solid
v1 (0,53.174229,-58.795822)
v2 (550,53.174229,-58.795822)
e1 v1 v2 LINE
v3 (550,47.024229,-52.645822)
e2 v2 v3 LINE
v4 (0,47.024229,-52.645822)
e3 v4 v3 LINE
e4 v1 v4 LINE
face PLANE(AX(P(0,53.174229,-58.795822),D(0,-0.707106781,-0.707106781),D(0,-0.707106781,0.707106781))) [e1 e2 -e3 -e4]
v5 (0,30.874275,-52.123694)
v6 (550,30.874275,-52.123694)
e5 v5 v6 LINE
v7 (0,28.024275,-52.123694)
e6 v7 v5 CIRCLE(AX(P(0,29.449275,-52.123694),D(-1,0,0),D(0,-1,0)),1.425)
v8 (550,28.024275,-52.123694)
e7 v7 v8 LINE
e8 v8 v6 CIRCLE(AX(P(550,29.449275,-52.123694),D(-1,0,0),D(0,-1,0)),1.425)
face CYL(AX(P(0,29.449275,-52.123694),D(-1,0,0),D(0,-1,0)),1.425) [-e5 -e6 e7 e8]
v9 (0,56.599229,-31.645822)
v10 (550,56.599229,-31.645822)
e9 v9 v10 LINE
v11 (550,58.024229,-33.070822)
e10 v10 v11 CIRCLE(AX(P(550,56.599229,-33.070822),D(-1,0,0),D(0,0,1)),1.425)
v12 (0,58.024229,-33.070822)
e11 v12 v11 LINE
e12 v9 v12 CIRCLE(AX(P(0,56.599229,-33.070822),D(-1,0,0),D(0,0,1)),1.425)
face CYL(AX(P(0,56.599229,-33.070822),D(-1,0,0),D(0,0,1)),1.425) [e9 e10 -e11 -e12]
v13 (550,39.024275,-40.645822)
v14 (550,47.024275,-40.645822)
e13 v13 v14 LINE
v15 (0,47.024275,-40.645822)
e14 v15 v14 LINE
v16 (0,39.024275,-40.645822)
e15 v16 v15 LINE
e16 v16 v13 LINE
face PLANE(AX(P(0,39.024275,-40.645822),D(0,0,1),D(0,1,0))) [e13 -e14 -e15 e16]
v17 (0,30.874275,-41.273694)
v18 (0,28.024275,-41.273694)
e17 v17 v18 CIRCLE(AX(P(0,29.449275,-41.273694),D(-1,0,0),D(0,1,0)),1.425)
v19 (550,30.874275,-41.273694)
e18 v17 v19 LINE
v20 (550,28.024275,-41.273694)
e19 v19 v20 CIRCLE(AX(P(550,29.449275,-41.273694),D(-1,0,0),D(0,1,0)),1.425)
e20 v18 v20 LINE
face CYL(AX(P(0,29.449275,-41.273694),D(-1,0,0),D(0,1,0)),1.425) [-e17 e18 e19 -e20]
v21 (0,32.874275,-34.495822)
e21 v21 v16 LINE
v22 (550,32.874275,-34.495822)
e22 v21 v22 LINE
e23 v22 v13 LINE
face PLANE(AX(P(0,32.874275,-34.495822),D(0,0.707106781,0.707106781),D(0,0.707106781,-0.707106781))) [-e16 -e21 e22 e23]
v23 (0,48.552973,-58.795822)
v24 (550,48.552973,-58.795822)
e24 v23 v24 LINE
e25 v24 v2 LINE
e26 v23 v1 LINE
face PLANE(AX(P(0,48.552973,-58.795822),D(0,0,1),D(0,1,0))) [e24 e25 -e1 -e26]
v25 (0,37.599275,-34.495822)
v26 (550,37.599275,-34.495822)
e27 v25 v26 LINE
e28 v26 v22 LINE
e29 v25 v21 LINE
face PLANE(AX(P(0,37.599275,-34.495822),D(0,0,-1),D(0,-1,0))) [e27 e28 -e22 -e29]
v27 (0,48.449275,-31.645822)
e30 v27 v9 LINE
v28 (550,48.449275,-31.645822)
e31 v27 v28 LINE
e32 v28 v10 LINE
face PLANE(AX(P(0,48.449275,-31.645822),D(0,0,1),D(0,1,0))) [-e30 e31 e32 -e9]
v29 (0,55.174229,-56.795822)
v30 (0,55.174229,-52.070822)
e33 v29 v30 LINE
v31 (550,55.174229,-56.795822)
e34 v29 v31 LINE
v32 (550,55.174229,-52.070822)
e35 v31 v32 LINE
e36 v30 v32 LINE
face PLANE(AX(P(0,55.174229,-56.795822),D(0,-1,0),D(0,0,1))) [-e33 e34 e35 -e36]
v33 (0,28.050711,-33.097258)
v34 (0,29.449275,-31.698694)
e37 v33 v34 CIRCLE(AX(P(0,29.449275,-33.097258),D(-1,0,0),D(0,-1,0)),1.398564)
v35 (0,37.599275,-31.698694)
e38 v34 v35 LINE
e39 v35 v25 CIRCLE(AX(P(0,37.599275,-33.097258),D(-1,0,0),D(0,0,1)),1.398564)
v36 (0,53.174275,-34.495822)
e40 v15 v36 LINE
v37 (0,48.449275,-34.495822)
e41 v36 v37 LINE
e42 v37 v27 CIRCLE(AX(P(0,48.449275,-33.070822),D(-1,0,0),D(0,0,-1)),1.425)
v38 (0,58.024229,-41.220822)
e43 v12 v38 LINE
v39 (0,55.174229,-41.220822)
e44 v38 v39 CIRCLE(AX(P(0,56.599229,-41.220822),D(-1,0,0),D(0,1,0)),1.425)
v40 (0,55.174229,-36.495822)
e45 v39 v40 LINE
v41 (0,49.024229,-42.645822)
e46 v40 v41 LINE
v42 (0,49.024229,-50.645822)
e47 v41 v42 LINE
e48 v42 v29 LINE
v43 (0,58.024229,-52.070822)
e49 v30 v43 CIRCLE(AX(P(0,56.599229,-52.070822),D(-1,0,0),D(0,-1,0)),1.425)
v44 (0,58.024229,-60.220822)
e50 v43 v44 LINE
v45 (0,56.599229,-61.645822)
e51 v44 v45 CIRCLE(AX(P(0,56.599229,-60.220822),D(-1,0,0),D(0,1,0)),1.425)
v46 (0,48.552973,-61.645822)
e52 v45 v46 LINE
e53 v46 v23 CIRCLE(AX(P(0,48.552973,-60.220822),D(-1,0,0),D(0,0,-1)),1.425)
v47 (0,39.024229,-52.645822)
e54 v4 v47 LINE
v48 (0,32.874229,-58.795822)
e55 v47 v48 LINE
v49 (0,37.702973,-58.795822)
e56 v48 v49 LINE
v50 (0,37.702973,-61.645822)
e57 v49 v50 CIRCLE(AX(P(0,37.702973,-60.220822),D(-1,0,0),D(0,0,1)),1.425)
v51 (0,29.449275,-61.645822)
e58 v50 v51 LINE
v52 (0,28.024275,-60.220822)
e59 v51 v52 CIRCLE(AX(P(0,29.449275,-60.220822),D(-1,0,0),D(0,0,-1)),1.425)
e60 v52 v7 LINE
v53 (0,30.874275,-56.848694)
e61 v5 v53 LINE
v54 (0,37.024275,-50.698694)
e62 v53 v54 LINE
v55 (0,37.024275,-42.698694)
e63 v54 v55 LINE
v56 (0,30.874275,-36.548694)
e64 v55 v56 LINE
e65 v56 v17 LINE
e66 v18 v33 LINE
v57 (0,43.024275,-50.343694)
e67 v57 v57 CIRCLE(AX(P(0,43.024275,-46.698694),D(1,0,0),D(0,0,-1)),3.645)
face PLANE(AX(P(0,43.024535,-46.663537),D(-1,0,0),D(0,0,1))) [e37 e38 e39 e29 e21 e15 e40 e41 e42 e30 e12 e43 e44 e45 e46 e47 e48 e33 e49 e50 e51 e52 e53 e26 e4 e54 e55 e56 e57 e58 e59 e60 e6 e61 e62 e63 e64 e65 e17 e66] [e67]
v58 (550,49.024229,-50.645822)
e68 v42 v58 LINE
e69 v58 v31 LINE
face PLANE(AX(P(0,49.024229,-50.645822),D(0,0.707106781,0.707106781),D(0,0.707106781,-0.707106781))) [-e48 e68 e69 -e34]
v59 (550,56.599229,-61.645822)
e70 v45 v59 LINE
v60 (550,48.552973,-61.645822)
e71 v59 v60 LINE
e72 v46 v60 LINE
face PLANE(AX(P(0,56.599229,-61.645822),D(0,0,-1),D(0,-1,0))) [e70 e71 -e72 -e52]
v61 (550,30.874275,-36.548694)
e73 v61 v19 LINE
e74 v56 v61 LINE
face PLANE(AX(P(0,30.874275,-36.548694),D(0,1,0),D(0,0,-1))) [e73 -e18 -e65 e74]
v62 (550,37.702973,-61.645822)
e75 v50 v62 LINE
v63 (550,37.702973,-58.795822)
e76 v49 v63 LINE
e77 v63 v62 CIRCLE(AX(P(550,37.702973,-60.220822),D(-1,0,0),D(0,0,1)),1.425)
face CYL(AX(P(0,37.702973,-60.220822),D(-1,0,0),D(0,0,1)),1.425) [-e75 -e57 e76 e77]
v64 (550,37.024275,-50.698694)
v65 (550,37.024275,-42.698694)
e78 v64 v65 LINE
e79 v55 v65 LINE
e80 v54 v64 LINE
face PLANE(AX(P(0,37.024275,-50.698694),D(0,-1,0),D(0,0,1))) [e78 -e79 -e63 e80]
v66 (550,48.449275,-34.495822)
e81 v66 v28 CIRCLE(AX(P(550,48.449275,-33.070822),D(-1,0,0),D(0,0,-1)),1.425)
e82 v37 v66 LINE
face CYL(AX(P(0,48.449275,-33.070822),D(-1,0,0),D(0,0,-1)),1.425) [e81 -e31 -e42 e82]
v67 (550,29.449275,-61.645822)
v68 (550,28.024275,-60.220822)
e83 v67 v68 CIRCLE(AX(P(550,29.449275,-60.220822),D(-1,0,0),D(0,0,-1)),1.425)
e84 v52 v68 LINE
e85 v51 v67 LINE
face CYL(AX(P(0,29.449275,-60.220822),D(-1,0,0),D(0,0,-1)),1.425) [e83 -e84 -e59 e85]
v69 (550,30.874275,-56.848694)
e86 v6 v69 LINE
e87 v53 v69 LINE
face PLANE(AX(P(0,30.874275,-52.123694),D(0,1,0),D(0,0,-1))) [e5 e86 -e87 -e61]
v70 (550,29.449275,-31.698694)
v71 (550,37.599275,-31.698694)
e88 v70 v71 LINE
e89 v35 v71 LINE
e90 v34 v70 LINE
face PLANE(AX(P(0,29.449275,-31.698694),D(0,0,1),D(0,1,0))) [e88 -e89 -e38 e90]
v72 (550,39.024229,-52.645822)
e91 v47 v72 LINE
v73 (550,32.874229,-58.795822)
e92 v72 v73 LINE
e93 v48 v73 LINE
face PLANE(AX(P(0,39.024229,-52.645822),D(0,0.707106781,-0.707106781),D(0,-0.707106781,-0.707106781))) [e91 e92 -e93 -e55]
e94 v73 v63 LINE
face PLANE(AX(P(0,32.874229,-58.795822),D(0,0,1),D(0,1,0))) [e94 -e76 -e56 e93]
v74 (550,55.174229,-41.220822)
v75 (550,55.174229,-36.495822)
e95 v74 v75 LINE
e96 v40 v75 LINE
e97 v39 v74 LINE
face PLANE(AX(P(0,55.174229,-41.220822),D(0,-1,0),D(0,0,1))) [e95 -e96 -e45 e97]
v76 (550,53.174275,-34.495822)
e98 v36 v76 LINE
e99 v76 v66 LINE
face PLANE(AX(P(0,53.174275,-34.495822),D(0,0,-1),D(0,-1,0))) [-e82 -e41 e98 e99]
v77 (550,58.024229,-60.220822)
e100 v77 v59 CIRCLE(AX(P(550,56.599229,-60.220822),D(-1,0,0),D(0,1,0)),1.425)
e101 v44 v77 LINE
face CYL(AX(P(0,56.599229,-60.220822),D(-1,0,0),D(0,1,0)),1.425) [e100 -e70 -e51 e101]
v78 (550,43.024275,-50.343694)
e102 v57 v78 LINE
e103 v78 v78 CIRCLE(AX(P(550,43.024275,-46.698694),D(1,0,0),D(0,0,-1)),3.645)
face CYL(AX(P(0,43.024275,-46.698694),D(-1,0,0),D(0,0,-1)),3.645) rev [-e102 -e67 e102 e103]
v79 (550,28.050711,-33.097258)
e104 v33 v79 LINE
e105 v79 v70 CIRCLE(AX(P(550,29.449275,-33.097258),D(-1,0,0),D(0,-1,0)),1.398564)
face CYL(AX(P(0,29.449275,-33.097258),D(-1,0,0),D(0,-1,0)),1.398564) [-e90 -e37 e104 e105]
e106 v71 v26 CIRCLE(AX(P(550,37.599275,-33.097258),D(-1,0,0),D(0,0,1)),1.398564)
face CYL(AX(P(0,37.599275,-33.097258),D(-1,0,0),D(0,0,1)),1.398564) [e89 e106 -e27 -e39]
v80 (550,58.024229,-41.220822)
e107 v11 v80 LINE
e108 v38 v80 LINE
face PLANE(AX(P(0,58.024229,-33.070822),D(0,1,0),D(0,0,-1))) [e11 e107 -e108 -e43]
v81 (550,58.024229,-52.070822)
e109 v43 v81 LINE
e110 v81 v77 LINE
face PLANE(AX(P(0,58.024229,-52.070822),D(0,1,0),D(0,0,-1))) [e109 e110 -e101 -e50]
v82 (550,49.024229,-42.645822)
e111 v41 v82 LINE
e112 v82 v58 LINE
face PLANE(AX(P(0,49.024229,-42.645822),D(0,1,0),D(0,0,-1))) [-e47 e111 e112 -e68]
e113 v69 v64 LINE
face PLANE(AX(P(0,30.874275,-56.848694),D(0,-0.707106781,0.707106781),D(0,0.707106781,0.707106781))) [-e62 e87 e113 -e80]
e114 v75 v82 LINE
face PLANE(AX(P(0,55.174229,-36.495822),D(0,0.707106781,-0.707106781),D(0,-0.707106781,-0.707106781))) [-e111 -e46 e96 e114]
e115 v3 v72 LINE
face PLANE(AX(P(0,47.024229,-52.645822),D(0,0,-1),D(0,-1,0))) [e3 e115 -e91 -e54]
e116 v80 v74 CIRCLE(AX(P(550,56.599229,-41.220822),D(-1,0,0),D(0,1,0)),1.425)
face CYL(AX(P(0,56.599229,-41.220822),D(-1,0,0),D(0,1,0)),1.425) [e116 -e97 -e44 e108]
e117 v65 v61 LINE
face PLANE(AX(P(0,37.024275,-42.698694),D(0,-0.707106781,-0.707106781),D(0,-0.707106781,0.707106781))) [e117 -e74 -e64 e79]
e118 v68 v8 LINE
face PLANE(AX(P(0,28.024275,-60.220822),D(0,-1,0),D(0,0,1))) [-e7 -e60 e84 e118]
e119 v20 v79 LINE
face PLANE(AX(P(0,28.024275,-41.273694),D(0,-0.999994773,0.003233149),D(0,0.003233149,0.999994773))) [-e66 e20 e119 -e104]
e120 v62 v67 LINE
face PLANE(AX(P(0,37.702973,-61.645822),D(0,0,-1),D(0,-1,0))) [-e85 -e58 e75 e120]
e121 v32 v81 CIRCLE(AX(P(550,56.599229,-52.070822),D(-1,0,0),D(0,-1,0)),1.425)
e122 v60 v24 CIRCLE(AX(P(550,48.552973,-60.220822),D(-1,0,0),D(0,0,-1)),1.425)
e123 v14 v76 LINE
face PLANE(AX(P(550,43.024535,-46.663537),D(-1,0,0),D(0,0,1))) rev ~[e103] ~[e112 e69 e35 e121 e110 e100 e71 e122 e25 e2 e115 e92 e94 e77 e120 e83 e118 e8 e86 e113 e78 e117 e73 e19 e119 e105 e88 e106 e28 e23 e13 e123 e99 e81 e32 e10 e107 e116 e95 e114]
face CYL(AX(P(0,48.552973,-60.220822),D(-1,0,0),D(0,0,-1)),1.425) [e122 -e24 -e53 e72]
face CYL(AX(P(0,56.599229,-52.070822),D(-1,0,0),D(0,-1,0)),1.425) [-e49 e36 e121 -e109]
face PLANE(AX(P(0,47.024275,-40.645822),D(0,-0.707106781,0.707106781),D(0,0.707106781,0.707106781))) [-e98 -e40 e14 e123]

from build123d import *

# Parameters (mm, degrees)
SKETCH1_R           = 3.645
BOSS_EXTRUDE1_DEPTH = 550


with BuildPart() as part:
    # Sketch1 → Boss-Extrude1 (new body)
    with BuildSketch(Plane(origin=(0, 0, 0), x_dir=(0, 0, -1), z_dir=(1, 0, 0))):
        with BuildLine():
            Line((52.123693748, 30.874275451), (56.848693748, 30.874275451))
            Line((56.848693748, 30.874275451), (50.698693748, 37.024275451))
            Line((50.698693748, 37.024275451), (42.698693748, 37.024275451))
            Line((42.698693748, 37.024275451), (36.548693748, 30.874275451))
            Line((36.548693748, 30.874275451), (41.273693748, 30.874275451))
            ThreePointArc((41.273693748, 30.874275451), (42.698693748, 29.449275451), (41.273693748, 28.024275451))
            Line((41.273693748, 28.024275451), (33.097257975, 28.050711224))
            ThreePointArc((33.097257975, 28.050711224), (32.108323726, 28.460341202), (31.698693748, 29.449275451))
            Line((31.698693748, 29.449275451), (31.698693748, 37.599275451))
            ThreePointArc((31.698693748, 37.599275451), (33.097257975, 38.997839678), (34.495822203, 37.599275451))
            Line((34.495822203, 37.599275451), (34.495822203, 32.874275451))
            Line((34.495822203, 32.874275451), (40.645822203, 39.024275451))
            Line((40.645822203, 39.024275451), (40.645822203, 47.024275451))
            Line((40.645822203, 47.024275451), (34.495822203, 53.174275451))
            Line((34.495822203, 53.174275451), (34.495822203, 48.449275451))
            ThreePointArc((34.495822203, 48.449275451), (33.070822203, 47.024275451), (31.645822203, 48.449275451))
            Line((31.645822203, 48.449275451), (31.645822203, 56.599228861))
            ThreePointArc((31.645822203, 56.599228861), (32.06319504, 57.606856024), (33.070822203, 58.024228861))
            Line((33.070822203, 58.024228861), (41.220822203, 58.024228861))
            ThreePointArc((41.220822203, 58.024228861), (42.645822203, 56.599228861), (41.220822203, 55.174228861))
            Line((41.220822203, 55.174228861), (36.495822203, 55.174228861))
            Line((36.495822203, 55.174228861), (42.645822203, 49.024228861))
            Line((42.645822203, 49.024228861), (50.645822203, 49.024228861))
            Line((50.645822203, 49.024228861), (56.795822203, 55.174228861))
            Line((56.795822203, 55.174228861), (52.070822203, 55.174228861))
            ThreePointArc((52.070822203, 55.174228861), (50.645822203, 56.599228861), (52.070822203, 58.024228861))
            Line((52.070822203, 58.024228861), (60.220822203, 58.024228861))
            ThreePointArc((60.220822203, 58.024228861), (61.228449366, 57.606856024), (61.645822203, 56.599228861))
            Line((61.645822203, 56.599228861), (61.645822203, 48.552972547))
            ThreePointArc((61.645822203, 48.552972547), (60.220822203, 47.127972547), (58.795822203, 48.552972547))
            Line((58.795822203, 48.552972547), (58.795822203, 53.174228861))
            Line((58.795822203, 53.174228861), (52.645822203, 47.024228861))
            Line((52.645822203, 47.024228861), (52.645822203, 39.024228861))
            Line((52.645822203, 39.024228861), (58.795822203, 32.874228861))
            Line((58.795822203, 32.874228861), (58.795822203, 37.702972547))
            ThreePointArc((58.795822203, 37.702972547), (60.220822203, 39.127972547), (61.645822203, 37.702972547))
            Line((61.645822203, 37.702972547), (61.645822203, 29.449275451))
            ThreePointArc((61.645822203, 29.449275451), (61.228449366, 28.441648288), (60.220822203, 28.024275451))
            Line((60.220822203, 28.024275451), (52.123693748, 28.024275451))
            ThreePointArc((52.123693748, 28.024275451), (50.698693748, 29.449275451), (52.123693748, 30.874275451))
        make_face()
        with Locations((46.698693748, 43.024275451)):
            Circle(SKETCH1_R, mode=Mode.SUBTRACT)
    extrude(amount=BOSS_EXTRUDE1_DEPTH)


solid = part.part
